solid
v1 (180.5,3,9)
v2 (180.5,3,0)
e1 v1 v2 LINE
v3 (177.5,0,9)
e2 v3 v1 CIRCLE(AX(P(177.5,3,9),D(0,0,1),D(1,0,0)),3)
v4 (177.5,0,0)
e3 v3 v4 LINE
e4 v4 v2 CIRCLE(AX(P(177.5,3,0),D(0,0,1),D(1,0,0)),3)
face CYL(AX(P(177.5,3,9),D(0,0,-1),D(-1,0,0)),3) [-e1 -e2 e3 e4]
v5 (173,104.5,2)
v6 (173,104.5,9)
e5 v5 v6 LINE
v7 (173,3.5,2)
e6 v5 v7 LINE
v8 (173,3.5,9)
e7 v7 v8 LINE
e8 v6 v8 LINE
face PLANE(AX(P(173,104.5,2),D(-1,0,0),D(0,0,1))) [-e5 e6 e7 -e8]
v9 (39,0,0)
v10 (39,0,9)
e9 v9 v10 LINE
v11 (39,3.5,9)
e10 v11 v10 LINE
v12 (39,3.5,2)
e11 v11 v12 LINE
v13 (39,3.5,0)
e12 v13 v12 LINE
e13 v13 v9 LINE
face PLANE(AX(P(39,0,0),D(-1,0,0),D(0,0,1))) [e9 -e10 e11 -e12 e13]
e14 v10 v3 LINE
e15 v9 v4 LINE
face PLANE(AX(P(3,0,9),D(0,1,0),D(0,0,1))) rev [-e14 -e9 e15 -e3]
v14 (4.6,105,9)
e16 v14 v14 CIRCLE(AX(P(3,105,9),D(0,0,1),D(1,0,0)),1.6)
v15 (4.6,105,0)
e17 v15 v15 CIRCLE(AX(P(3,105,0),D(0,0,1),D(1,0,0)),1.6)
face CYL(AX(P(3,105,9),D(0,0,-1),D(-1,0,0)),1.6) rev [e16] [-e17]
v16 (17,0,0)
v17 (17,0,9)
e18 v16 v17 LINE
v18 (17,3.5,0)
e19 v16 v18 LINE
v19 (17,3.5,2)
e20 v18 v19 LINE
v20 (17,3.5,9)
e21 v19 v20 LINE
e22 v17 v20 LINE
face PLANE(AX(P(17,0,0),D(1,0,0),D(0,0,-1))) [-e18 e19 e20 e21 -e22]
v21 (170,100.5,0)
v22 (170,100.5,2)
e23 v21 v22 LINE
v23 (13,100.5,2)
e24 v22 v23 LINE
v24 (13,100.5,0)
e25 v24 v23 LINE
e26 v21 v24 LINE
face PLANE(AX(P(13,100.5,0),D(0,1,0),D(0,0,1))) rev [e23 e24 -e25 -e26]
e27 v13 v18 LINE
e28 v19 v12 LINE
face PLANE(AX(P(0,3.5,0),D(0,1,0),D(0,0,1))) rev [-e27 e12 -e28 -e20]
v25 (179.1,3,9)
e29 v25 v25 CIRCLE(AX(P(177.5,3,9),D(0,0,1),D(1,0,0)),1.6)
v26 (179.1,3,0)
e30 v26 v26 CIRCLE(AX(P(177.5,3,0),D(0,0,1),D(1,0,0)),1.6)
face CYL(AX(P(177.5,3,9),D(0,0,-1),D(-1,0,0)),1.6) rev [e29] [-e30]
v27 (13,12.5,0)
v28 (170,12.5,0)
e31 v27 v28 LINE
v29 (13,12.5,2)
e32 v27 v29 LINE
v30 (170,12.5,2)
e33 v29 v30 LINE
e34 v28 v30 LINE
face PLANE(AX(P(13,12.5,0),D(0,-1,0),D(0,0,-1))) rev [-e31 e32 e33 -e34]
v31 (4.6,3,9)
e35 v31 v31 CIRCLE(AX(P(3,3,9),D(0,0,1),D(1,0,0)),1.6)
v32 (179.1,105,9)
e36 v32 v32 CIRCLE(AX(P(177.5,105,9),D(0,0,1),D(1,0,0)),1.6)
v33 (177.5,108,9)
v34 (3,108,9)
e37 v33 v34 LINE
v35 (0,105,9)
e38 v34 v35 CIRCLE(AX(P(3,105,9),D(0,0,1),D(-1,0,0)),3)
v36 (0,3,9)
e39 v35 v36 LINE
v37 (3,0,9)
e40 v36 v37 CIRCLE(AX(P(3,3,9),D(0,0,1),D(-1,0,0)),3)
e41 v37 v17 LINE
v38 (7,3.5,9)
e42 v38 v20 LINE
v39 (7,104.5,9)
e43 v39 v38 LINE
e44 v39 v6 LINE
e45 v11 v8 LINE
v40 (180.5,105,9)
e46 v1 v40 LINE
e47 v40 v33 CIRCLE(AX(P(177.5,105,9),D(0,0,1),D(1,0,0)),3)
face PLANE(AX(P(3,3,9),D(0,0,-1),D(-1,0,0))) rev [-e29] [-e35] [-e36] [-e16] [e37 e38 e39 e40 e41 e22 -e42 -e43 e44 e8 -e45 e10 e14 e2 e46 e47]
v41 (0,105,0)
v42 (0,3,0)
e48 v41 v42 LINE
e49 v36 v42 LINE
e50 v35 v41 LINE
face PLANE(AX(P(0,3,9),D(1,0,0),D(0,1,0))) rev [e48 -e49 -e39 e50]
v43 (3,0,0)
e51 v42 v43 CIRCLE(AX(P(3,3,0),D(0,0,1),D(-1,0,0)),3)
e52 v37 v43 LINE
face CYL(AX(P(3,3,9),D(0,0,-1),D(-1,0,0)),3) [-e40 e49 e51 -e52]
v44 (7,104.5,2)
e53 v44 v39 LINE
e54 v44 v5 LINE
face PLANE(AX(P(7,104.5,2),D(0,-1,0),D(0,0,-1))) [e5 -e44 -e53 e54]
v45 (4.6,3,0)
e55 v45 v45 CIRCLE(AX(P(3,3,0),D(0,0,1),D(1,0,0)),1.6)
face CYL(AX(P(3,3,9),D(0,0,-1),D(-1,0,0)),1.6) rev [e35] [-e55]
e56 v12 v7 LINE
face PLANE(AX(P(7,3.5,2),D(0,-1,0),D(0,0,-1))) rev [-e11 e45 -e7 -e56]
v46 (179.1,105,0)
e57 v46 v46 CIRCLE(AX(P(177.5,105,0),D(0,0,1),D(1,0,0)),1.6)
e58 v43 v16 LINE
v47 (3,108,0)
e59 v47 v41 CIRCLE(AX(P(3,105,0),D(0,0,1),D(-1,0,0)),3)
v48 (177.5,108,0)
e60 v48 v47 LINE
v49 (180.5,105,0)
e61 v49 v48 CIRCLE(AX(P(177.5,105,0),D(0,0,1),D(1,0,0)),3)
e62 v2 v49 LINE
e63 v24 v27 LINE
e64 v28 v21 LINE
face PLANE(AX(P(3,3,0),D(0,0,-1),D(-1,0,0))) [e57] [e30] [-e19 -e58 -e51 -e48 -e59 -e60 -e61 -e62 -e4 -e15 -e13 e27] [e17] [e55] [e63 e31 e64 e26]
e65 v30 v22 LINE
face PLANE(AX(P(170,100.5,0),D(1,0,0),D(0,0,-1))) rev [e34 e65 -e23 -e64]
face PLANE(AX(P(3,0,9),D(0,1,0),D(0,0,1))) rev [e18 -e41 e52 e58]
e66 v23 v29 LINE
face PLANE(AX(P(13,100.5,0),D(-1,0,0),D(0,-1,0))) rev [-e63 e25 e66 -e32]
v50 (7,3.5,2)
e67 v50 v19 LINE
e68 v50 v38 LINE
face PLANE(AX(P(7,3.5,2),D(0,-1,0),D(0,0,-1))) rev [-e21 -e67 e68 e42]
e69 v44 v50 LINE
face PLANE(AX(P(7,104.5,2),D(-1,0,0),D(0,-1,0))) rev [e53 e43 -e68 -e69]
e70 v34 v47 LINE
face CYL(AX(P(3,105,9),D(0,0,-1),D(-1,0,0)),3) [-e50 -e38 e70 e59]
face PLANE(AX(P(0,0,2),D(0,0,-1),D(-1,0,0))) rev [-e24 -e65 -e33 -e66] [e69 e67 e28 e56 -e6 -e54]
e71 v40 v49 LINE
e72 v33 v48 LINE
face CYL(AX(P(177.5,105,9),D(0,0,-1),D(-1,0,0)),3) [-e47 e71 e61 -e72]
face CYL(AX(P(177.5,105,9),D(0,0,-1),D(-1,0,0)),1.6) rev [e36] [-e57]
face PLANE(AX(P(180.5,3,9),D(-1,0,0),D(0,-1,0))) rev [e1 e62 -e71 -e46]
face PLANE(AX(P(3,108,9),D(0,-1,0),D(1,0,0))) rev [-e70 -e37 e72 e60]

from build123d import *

# Parameters (mm, degrees)
SKETCH_1_R          = 1.6
EXTRUDE_3_DEPTH     = 9
SKETCH_3_W          = 166
SKETCH_3_H          = 101
CUT_EXTRUDE_1_DEPTH = 7
SKETCH_5_W          = 157
SKETCH_5_H          = 88
CUT_EXTRUDE_2_DEPTH = 211.459616079
SKETCH_6_W          = 22
SKETCH_6_H          = 3.5
CUT_EXTRUDE_3_DEPTH = 211.535626439


with BuildPart() as part:
    # 草图1 → 凸台-拉伸3 (new body)
    with BuildSketch(Plane.XY):
        with BuildLine():
            Line((3, 0), (177.5, 0))
            ThreePointArc((177.5, 0), (179.621320344, 0.878679656), (180.5, 3))
            Line((180.5, 3), (180.5, 105))
            ThreePointArc((180.5, 105), (179.621320344, 107.121320344), (177.5, 108))
            Line((177.5, 108), (3, 108))
            ThreePointArc((3, 108), (0.878679656, 107.121320344), (0, 105))
            Line((0, 105), (0, 3))
            ThreePointArc((0, 3), (0.878679656, 0.878679656), (3, 0))
        make_face()
        with Locations((3, 3)):
            Circle(SKETCH_1_R, mode=Mode.SUBTRACT)
        with Locations((3, 105)):
            Circle(SKETCH_1_R, mode=Mode.SUBTRACT)
        with Locations((177.5, 105)):
            Circle(SKETCH_1_R, mode=Mode.SUBTRACT)
        with Locations((177.5, 3)):
            Circle(SKETCH_1_R, mode=Mode.SUBTRACT)
    extrude(amount=EXTRUDE_3_DEPTH)

    # 草图3 → 切除-拉伸1 (cut)
    with BuildSketch(Plane.XY.offset(9)):
        with Locations((90, 54)):
            Rectangle(SKETCH_3_W, SKETCH_3_H)
    extrude(amount=-CUT_EXTRUDE_1_DEPTH, mode=Mode.SUBTRACT)

    # 草图5 → 切除-拉伸2 (cut, through all)
    with BuildSketch(Plane.XY.offset(2)):
        with Locations((91.5, 56.5)):
            Rectangle(SKETCH_5_W, SKETCH_5_H)
    extrude(amount=-CUT_EXTRUDE_2_DEPTH, mode=Mode.SUBTRACT)

    # 草图6 → 切除-拉伸3 (cut, through all)
    with BuildSketch(Plane.XY.offset(9)):
        with Locations((28, 1.75)):
            Rectangle(SKETCH_6_W, SKETCH_6_H)
    extrude(amount=-CUT_EXTRUDE_3_DEPTH, mode=Mode.SUBTRACT)


solid = part.part
